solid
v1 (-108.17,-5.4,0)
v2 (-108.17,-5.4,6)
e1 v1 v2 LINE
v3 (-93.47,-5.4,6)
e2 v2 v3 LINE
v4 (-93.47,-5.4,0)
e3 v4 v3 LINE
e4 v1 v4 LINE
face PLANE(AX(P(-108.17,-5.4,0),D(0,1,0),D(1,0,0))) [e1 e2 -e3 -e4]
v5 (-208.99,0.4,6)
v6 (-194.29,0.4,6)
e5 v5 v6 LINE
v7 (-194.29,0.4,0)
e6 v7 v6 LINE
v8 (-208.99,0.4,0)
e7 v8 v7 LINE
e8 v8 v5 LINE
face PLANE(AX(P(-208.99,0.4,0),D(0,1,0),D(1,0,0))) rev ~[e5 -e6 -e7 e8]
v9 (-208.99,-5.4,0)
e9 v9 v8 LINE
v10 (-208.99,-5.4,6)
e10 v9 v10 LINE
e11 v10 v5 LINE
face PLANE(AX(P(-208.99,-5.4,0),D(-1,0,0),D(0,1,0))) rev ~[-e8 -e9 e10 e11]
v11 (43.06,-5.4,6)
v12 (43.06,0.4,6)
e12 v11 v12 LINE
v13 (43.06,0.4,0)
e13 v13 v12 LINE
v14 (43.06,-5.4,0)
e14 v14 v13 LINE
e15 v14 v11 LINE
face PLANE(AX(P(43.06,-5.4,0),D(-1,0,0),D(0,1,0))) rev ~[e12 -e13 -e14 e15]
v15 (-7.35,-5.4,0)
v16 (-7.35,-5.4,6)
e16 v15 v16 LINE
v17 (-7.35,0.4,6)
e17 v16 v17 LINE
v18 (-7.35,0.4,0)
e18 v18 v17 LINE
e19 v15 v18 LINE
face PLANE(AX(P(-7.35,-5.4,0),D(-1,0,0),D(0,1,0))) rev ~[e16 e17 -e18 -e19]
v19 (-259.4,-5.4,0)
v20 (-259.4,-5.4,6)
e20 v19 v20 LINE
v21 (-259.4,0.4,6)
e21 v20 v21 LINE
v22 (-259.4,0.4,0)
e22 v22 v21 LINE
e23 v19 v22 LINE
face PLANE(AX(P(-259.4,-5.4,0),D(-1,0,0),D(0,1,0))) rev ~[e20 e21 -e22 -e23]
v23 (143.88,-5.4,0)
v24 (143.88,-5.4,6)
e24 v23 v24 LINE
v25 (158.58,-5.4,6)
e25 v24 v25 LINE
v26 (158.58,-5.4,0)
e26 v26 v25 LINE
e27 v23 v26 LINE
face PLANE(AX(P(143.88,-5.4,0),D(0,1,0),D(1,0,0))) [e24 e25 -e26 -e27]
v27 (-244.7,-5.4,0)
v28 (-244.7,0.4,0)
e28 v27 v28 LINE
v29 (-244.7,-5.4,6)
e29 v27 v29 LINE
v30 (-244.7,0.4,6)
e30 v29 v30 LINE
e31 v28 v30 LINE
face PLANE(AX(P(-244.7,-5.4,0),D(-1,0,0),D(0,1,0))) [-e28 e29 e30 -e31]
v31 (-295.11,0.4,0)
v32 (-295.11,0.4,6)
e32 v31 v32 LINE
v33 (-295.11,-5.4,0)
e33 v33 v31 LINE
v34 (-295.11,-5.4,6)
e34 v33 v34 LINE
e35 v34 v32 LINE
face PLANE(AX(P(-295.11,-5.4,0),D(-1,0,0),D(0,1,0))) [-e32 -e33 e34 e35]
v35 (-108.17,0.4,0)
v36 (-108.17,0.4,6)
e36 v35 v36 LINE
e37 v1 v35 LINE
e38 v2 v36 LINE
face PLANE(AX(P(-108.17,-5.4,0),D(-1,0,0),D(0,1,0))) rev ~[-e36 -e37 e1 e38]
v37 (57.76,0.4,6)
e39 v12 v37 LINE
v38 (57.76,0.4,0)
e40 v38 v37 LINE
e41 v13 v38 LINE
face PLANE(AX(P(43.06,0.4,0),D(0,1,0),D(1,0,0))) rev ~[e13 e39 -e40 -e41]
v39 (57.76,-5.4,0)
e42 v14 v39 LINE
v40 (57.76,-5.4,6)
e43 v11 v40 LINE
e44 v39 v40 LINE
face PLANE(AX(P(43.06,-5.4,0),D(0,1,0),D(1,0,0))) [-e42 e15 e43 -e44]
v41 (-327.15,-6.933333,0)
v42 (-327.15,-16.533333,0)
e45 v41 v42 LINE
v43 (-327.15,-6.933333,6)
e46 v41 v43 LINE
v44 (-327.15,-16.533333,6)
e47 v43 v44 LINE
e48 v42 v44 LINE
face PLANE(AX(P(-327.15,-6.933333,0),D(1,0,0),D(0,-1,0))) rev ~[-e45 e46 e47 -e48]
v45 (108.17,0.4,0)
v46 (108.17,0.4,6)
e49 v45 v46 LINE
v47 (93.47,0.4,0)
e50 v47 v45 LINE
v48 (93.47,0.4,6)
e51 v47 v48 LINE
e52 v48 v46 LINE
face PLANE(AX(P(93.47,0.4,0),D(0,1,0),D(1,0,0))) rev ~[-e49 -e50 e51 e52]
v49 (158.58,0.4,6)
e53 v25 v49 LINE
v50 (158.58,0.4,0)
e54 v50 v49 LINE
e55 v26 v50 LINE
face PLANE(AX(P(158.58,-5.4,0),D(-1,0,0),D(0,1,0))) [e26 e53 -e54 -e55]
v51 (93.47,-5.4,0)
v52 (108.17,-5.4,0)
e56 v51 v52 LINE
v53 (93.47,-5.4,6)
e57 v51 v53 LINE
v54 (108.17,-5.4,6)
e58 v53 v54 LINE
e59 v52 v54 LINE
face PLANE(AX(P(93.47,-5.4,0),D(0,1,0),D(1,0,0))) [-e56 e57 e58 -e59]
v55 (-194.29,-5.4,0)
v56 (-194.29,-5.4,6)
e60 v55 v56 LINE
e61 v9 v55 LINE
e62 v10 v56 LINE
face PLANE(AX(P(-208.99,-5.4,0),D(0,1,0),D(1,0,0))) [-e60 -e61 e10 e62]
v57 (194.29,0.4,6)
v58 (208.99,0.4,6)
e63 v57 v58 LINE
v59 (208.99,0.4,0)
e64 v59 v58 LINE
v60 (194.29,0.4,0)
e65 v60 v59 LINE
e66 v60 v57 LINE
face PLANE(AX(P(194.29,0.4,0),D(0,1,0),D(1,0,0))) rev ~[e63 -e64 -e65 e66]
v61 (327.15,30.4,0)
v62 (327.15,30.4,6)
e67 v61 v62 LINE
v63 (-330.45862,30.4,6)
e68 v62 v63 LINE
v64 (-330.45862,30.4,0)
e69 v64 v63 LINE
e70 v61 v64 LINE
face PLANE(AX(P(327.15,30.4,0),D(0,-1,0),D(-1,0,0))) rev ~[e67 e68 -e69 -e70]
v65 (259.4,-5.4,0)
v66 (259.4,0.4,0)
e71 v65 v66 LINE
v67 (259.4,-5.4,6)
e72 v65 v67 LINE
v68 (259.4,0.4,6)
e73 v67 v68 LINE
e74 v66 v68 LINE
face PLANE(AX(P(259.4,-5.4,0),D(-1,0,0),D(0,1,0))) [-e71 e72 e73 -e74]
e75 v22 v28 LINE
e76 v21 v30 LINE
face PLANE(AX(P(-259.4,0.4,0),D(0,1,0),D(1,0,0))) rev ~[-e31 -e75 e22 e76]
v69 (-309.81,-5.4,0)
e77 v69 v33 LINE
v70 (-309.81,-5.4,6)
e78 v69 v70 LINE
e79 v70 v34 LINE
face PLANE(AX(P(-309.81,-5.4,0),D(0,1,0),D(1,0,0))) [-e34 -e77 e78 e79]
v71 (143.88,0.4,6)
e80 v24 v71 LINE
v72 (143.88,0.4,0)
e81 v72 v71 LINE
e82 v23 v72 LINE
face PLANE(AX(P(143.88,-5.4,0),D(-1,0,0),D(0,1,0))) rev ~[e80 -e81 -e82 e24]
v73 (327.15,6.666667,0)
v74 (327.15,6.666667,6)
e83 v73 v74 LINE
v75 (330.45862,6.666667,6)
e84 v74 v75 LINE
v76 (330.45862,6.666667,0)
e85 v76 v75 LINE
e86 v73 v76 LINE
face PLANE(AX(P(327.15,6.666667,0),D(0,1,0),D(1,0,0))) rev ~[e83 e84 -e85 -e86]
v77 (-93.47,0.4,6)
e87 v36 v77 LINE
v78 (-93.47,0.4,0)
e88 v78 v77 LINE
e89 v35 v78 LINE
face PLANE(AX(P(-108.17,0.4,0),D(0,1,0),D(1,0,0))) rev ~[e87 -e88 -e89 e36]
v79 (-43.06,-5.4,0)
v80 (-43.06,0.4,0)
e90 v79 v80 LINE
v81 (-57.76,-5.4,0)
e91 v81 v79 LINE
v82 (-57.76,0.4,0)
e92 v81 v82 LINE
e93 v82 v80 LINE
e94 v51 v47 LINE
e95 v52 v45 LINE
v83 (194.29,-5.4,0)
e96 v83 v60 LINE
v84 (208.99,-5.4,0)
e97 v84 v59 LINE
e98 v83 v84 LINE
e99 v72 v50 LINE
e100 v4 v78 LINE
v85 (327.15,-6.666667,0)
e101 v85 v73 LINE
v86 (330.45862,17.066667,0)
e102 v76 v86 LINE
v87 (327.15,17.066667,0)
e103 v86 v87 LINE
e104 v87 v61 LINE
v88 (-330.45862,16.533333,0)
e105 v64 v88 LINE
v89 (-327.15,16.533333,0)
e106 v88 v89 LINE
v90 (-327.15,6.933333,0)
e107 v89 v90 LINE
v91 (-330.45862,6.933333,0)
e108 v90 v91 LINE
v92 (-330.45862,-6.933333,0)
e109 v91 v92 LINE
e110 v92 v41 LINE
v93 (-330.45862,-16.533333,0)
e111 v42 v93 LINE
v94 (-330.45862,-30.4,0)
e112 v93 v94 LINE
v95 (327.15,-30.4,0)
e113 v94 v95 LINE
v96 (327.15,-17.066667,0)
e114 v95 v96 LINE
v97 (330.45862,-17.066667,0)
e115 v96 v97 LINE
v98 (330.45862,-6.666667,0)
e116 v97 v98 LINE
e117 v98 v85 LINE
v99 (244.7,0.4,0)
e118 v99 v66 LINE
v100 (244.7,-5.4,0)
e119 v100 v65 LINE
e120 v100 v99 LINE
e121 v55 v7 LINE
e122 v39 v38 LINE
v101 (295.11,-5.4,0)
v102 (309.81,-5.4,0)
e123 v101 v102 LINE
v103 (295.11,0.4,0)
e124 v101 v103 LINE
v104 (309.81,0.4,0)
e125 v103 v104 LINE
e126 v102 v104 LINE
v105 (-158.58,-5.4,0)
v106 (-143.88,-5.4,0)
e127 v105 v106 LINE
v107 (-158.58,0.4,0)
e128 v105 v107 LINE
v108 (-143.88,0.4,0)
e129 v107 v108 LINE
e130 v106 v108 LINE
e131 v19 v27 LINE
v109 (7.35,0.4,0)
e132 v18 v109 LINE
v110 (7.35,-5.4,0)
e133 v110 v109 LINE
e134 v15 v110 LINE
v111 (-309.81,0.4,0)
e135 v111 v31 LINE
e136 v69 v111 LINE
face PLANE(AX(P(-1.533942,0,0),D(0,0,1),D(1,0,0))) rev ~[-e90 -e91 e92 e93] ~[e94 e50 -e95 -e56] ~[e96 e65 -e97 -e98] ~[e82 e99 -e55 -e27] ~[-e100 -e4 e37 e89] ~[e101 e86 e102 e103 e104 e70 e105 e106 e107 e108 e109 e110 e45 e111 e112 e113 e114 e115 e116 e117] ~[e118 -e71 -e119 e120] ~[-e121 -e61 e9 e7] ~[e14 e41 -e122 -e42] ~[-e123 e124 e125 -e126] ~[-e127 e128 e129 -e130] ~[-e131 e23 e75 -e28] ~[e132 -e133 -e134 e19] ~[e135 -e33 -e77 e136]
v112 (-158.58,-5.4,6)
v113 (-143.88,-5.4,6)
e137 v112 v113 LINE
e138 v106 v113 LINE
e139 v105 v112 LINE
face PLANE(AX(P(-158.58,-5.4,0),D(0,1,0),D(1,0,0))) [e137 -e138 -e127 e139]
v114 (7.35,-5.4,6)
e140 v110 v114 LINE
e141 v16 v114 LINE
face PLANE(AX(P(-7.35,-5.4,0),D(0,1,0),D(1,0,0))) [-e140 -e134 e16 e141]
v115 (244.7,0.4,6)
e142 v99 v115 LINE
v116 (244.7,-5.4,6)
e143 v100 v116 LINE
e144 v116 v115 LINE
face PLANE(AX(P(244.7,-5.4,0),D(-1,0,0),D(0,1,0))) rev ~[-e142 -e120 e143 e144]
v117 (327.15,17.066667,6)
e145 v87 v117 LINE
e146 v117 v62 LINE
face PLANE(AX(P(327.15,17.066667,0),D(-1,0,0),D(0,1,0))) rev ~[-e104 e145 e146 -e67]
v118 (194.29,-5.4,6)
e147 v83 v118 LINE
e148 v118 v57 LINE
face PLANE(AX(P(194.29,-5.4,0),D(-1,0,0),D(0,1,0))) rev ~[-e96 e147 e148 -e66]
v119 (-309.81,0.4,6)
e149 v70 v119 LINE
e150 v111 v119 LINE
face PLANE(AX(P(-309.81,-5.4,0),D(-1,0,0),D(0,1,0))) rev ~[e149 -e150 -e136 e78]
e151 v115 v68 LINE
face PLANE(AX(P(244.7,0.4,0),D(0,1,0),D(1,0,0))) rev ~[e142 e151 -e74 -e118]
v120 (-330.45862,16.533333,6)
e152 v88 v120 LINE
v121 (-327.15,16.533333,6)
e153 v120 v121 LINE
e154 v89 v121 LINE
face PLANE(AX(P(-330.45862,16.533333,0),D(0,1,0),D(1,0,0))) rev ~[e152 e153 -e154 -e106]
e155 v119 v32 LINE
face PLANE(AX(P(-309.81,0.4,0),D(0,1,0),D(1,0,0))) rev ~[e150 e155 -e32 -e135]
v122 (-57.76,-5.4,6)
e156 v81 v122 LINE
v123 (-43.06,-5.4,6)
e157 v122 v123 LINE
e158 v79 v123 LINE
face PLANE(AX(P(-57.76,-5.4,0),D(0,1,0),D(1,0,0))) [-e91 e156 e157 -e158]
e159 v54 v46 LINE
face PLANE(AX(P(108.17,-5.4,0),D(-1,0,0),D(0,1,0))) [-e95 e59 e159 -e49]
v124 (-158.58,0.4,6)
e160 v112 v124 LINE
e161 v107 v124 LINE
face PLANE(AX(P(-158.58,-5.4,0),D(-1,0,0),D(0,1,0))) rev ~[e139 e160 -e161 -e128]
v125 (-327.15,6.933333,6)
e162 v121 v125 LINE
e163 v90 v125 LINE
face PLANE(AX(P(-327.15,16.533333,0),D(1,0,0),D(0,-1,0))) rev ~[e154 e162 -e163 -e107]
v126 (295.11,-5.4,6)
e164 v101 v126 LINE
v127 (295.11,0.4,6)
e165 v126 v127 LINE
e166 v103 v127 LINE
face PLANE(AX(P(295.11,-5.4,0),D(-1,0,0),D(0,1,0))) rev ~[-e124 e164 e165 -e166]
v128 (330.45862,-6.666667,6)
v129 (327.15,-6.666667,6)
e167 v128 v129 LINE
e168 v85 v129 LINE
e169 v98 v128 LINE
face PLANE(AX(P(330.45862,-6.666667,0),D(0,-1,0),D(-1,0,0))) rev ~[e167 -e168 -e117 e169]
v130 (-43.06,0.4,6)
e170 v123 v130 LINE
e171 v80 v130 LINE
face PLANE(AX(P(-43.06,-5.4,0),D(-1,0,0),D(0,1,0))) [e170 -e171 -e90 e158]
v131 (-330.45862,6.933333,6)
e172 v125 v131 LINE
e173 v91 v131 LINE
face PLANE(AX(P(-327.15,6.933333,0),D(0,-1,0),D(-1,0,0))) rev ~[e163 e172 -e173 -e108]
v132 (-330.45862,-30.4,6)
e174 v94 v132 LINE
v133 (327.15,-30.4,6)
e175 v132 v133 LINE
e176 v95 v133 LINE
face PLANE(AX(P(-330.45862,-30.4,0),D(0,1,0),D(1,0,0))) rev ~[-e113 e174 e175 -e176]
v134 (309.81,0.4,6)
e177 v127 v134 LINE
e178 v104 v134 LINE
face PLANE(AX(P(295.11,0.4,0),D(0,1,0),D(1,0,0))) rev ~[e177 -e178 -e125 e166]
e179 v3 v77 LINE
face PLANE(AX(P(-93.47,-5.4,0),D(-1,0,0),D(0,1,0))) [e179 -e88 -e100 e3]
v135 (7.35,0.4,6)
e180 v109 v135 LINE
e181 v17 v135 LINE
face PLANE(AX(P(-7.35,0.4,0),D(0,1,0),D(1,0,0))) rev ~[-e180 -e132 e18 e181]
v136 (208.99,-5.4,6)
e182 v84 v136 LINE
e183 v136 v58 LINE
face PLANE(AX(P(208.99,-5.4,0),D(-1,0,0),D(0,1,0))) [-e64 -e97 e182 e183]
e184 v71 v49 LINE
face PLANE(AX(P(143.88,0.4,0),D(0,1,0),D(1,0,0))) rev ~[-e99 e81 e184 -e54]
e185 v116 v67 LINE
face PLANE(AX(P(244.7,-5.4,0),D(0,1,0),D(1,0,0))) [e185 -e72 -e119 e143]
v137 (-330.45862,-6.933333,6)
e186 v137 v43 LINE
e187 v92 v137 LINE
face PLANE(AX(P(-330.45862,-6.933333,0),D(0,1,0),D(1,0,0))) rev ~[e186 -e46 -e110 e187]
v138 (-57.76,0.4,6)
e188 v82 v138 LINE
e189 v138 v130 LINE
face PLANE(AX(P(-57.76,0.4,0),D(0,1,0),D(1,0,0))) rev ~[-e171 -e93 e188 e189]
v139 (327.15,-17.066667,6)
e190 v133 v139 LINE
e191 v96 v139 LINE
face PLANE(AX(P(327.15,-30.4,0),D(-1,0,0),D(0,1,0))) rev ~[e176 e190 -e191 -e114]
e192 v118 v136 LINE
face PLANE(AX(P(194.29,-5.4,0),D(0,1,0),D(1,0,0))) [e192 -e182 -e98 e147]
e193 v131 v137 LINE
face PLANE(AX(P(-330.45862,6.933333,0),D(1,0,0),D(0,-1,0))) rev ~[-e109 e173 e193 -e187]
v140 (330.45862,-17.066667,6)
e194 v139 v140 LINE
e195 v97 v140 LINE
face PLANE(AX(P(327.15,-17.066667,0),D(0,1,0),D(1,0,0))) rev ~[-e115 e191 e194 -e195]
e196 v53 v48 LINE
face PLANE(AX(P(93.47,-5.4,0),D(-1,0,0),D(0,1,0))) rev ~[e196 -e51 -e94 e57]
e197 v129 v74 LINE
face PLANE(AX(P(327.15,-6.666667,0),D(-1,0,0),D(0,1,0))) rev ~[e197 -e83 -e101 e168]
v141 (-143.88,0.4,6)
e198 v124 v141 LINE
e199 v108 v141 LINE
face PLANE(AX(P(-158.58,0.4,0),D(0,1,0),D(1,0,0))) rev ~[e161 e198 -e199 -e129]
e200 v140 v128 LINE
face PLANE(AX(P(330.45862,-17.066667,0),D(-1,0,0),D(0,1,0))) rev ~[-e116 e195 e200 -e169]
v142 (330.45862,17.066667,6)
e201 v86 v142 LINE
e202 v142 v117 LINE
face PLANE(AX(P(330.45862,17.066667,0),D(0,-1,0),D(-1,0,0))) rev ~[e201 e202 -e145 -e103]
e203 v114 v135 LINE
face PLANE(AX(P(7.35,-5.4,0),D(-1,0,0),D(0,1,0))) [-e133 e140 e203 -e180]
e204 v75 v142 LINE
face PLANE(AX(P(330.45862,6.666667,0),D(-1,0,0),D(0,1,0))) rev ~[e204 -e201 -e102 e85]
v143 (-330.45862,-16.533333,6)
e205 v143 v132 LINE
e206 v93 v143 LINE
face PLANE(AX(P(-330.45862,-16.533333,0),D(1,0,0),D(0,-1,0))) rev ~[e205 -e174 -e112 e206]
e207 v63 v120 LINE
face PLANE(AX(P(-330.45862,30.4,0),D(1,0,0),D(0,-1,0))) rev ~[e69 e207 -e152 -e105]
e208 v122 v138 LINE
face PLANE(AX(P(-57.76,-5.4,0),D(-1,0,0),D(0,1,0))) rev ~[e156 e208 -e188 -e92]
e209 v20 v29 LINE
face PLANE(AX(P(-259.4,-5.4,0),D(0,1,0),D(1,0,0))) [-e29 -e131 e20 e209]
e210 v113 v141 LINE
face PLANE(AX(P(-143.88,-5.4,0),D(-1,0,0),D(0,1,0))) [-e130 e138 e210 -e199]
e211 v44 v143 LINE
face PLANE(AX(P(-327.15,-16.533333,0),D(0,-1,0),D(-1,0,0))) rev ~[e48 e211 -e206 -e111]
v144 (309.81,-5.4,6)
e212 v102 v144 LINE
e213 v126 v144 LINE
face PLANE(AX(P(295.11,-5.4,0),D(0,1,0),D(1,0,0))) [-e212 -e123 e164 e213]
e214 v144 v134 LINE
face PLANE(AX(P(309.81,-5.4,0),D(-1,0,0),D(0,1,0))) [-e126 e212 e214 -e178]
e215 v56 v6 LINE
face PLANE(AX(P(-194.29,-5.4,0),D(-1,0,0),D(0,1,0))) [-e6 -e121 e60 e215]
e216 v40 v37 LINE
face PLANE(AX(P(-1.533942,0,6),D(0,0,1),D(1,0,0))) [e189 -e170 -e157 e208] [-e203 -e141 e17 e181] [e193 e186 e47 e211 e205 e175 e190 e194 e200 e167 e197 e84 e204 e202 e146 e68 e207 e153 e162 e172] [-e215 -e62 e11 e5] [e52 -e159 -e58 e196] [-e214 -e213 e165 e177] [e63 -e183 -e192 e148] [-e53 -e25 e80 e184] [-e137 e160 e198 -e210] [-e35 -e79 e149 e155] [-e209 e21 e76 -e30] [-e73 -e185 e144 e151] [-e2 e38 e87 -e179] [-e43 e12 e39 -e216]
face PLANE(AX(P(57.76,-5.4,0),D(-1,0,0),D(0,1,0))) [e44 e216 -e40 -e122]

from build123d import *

# Parameters (mm, degrees)
SKETCH_1_W      = 14.7
SKETCH_1_H      = 5.8
EXTRUDE_1_DEPTH = 6


with BuildPart() as part:
    # Эскиз1 → Бобышка-Вытянуть1 (new body)
    with BuildSketch(Plane.XY):
        Polygon((-327.15, -30.4), (327.15, -30.4), (327.15, -17.066666667), (330.45862, -17.066666667), (330.45862, -6.666666667), (327.15, -6.666666667), (327.15, 6.666666667), (330.45862, 6.666666667), (330.45862, 17.066666667), (327.15, 17.066666667), (327.15, 30.4), (-327.15, 30.4), (-330.45862, 30.4), (-330.45862, 16.533333333), (-327.15, 16.533333333), (-327.15, 6.933333333), (-330.45862, 6.933333333), (-330.45862, -6.933333333), (-327.15, -6.933333333), (-327.15, -16.533333333), (-330.45862, -16.533333333), (-330.45862, -30.4), align=None)
        with Locations((-252.05, -2.5)):
            Rectangle(SKETCH_1_W, SKETCH_1_H, mode=Mode.SUBTRACT)
        with Locations((-302.46, -2.5)):
            Rectangle(SKETCH_1_W, SKETCH_1_H, mode=Mode.SUBTRACT)
        with Locations((-201.64, -2.5)):
            Rectangle(SKETCH_1_W, SKETCH_1_H, mode=Mode.SUBTRACT)
        with Locations((-151.23, -2.5)):
            Rectangle(SKETCH_1_W, SKETCH_1_H, mode=Mode.SUBTRACT)
        with Locations((-100.82, -2.5)):
            Rectangle(SKETCH_1_W, SKETCH_1_H, mode=Mode.SUBTRACT)
        with Locations((-50.41, -2.5)):
            Rectangle(SKETCH_1_W, SKETCH_1_H, mode=Mode.SUBTRACT)
        with Locations((0, -2.5)):
            Rectangle(SKETCH_1_W, SKETCH_1_H, mode=Mode.SUBTRACT)
        with Locations((50.41, -2.5)):
            Rectangle(SKETCH_1_W, SKETCH_1_H, mode=Mode.SUBTRACT)
        with Locations((100.82, -2.5)):
            Rectangle(SKETCH_1_W, SKETCH_1_H, mode=Mode.SUBTRACT)
        with Locations((151.23, -2.5)):
            Rectangle(SKETCH_1_W, SKETCH_1_H, mode=Mode.SUBTRACT)
        with Locations((201.64, -2.5)):
            Rectangle(SKETCH_1_W, SKETCH_1_H, mode=Mode.SUBTRACT)
        with Locations((252.05, -2.5)):
            Rectangle(SKETCH_1_W, SKETCH_1_H, mode=Mode.SUBTRACT)
        with Locations((302.46, -2.5)):
            Rectangle(SKETCH_1_W, SKETCH_1_H, mode=Mode.SUBTRACT)
    extrude(amount=EXTRUDE_1_DEPTH)


solid = part.part
